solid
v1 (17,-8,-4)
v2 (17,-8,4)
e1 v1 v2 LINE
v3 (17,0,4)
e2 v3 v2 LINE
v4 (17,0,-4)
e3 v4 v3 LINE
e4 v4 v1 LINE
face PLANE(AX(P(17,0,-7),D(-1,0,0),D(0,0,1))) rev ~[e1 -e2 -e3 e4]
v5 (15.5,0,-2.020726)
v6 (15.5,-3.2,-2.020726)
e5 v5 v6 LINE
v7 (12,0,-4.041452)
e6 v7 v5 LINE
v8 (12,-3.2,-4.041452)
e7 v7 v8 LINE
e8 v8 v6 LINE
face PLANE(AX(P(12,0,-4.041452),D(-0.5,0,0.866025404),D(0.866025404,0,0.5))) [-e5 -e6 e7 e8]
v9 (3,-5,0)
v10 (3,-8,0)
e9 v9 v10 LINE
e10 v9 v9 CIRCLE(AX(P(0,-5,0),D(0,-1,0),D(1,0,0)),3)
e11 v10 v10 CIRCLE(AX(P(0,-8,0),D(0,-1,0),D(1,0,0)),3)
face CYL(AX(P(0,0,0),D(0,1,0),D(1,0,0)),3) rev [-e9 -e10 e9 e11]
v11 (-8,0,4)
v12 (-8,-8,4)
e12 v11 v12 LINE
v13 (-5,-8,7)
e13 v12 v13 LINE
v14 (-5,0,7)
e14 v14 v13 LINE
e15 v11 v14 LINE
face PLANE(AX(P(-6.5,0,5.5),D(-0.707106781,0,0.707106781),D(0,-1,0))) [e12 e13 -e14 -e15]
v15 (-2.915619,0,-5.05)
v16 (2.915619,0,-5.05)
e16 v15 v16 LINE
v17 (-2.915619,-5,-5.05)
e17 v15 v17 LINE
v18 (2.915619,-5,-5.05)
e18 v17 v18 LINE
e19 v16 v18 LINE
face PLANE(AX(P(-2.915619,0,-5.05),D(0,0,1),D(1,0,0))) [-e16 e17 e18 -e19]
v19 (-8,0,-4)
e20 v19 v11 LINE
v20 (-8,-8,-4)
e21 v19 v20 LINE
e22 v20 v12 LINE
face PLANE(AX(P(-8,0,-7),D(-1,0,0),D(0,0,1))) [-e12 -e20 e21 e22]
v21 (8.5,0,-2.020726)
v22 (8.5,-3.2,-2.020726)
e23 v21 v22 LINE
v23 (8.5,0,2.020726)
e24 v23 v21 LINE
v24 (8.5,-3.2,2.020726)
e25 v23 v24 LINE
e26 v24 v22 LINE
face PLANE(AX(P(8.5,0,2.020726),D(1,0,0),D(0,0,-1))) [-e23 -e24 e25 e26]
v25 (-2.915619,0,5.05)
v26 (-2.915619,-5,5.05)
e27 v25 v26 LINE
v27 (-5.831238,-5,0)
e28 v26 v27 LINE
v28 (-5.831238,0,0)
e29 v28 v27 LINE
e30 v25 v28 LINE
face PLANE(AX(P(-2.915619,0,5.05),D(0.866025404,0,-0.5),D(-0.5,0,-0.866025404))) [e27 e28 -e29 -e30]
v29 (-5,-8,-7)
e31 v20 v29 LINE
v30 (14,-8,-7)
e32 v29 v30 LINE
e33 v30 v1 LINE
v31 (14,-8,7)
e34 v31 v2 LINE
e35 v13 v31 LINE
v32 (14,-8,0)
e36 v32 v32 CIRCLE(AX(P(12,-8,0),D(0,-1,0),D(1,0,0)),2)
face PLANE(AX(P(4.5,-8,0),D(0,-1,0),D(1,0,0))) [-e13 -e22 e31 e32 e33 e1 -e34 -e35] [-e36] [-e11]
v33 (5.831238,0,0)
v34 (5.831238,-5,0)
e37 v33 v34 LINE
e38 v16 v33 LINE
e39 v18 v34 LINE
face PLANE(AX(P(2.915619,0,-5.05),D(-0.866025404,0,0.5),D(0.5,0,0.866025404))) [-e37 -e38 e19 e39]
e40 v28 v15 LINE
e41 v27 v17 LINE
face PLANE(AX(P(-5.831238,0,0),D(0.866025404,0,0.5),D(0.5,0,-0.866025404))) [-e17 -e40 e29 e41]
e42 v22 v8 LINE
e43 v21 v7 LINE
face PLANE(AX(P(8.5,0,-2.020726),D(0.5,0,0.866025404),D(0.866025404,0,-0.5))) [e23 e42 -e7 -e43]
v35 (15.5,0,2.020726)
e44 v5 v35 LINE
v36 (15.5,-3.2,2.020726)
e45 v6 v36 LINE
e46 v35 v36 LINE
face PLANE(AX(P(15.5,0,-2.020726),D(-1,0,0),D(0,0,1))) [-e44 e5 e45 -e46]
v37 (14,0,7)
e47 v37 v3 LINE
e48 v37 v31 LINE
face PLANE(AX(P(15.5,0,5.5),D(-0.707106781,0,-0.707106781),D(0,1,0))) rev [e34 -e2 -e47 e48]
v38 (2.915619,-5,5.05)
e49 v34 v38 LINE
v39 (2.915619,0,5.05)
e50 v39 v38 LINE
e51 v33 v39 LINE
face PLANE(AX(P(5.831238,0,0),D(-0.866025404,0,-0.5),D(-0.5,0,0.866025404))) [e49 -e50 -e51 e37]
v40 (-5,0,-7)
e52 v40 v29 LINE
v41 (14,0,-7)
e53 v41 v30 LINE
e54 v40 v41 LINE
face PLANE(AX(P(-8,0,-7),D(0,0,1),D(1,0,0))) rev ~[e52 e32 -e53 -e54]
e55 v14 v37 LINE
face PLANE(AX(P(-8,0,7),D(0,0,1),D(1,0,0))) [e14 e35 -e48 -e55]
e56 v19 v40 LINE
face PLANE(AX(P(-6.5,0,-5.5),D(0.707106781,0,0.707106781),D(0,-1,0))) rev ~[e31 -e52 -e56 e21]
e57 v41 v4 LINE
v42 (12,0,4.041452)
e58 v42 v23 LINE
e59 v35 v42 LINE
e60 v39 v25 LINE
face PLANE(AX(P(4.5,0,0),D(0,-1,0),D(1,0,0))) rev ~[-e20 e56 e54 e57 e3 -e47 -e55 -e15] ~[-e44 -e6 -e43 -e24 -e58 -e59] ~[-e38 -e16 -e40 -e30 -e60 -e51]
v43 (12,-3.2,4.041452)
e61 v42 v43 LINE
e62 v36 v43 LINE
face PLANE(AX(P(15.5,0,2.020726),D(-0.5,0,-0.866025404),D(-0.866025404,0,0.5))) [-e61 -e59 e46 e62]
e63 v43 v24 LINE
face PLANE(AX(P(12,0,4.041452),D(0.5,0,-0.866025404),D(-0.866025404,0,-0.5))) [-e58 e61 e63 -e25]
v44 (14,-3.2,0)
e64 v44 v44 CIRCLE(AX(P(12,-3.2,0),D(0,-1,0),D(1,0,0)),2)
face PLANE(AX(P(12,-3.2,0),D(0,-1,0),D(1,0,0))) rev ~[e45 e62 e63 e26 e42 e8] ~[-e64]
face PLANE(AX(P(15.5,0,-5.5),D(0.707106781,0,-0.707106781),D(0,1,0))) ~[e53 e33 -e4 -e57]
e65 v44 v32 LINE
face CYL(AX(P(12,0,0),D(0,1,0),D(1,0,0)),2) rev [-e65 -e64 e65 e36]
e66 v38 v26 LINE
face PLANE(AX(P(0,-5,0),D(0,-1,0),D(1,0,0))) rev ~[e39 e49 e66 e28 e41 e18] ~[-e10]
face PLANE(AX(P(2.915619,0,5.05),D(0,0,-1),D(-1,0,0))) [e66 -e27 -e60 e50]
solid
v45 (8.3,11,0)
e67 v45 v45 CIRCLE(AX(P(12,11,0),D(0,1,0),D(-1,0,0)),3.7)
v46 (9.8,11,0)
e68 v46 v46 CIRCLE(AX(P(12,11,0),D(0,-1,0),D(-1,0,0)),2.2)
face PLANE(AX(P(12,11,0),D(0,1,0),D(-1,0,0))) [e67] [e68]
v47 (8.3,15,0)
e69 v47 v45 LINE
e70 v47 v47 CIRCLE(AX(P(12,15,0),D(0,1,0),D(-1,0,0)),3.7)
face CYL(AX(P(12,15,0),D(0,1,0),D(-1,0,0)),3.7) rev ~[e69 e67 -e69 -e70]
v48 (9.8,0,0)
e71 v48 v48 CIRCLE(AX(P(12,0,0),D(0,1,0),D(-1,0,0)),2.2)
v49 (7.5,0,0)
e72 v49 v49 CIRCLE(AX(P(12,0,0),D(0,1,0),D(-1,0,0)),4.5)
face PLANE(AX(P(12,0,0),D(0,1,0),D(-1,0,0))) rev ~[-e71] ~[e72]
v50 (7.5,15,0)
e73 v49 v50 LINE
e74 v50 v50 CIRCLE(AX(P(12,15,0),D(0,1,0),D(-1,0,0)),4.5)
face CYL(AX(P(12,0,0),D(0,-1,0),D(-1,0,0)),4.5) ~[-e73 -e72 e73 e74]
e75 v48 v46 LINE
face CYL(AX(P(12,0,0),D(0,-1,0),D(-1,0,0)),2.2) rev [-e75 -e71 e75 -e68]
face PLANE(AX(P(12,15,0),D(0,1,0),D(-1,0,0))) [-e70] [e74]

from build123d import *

# Parameters (mm, degrees)
F0_W     = 25
F0_H     = 14
F0_R     = 3
F0_R_2   = 2
F1_DEPTH = 8
F2_DEPTH = 5
F3_DEPTH = 3.2
F4_SIZE  = 3
F5_R     = 4.5
F5_R_2   = 2.2
F6_DEPTH = 15
F7_R     = 3.7
F8_DEPTH = 4


with BuildPart() as f1:
    # F0 (on Front) → F1 (new body)
    with BuildSketch(Plane.XZ):
        with Locations((4.5, 0)):
            Rectangle(F0_W, F0_H)
        Polygon((-5.8312377188, 0), (-2.9156188594, 5.05), (2.9156188594, 5.05), (5.8312377188, 0), (2.9156188594, -5.05), (-2.9156188594, -5.05), align=None, mode=Mode.SUBTRACT)
        Polygon((12, 4.0414518843), (15.5, 2.0207259422), (15.5, -2.0207259422), (12, -4.0414518843), (8.5, -2.0207259422), (8.5, 2.0207259422), align=None, mode=Mode.SUBTRACT)
        Polygon((2.9156188594, 5.05), (-2.9156188594, 5.05), (-5.8312377188, 0), (-2.9156188594, -5.05), (2.9156188594, -5.05), (5.8312377188, 0), align=None)
        Circle(F0_R, mode=Mode.SUBTRACT)
        Polygon((15.5, -2.0207259422), (15.5, 2.0207259422), (12, 4.0414518843), (8.5, 2.0207259422), (8.5, -2.0207259422), (12, -4.0414518843), align=None)
        with Locations((12, 0)):
            Circle(F0_R_2, mode=Mode.SUBTRACT)
    extrude(amount=F1_DEPTH)

    # F0 (on Front) → F2 (cut)
    with BuildSketch(Plane.XZ):
        Polygon((2.9156188594, 5.05), (-2.9156188594, 5.05), (-5.8312377188, 0), (-2.9156188594, -5.05), (2.9156188594, -5.05), (5.8312377188, 0), align=None)
        Circle(F0_R, mode=Mode.SUBTRACT)
    extrude(amount=F2_DEPTH, mode=Mode.SUBTRACT)

    # F0 (on Front) → F3 (cut)
    with BuildSketch(Plane.XZ):
        Polygon((15.5, -2.0207259422), (15.5, 2.0207259422), (12, 4.0414518843), (8.5, 2.0207259422), (8.5, -2.0207259422), (12, -4.0414518843), align=None)
        with Locations((12, 0)):
            Circle(F0_R_2, mode=Mode.SUBTRACT)
    extrude(amount=F3_DEPTH, mode=Mode.SUBTRACT)

    # F4
    f4_edges = [f1.edges().sort_by_distance(p)[0] for p in [
        (-8, -4, -7),
        (17, -4, -7),
        (-8, -4, 7),
        (17, -4, 7),
    ]]
    chamfer(f4_edges, length=F4_SIZE)


with BuildPart() as f6:
    # F5 (on face) → F6 (new body)
    with BuildSketch(Plane(origin=(0, 0, 0), x_dir=(-1, 0, 0), z_dir=(0, 1, 0))):
        with Locations((-12, 0)):
            Circle(F5_R)
        with Locations((-12, 0)):
            Circle(F5_R_2, mode=Mode.SUBTRACT)
    extrude(amount=F6_DEPTH)

    # F7 (on face) → F8 (cut)
    with BuildSketch(Plane(origin=(0, 15, 0), x_dir=(-1, 0, 0), z_dir=(0, 1, 0))):
        with Locations((-12, 0)):
            Circle(F7_R)
    extrude(amount=-F8_DEPTH, mode=Mode.SUBTRACT)


solid = Compound([f1.part, f6.part])
